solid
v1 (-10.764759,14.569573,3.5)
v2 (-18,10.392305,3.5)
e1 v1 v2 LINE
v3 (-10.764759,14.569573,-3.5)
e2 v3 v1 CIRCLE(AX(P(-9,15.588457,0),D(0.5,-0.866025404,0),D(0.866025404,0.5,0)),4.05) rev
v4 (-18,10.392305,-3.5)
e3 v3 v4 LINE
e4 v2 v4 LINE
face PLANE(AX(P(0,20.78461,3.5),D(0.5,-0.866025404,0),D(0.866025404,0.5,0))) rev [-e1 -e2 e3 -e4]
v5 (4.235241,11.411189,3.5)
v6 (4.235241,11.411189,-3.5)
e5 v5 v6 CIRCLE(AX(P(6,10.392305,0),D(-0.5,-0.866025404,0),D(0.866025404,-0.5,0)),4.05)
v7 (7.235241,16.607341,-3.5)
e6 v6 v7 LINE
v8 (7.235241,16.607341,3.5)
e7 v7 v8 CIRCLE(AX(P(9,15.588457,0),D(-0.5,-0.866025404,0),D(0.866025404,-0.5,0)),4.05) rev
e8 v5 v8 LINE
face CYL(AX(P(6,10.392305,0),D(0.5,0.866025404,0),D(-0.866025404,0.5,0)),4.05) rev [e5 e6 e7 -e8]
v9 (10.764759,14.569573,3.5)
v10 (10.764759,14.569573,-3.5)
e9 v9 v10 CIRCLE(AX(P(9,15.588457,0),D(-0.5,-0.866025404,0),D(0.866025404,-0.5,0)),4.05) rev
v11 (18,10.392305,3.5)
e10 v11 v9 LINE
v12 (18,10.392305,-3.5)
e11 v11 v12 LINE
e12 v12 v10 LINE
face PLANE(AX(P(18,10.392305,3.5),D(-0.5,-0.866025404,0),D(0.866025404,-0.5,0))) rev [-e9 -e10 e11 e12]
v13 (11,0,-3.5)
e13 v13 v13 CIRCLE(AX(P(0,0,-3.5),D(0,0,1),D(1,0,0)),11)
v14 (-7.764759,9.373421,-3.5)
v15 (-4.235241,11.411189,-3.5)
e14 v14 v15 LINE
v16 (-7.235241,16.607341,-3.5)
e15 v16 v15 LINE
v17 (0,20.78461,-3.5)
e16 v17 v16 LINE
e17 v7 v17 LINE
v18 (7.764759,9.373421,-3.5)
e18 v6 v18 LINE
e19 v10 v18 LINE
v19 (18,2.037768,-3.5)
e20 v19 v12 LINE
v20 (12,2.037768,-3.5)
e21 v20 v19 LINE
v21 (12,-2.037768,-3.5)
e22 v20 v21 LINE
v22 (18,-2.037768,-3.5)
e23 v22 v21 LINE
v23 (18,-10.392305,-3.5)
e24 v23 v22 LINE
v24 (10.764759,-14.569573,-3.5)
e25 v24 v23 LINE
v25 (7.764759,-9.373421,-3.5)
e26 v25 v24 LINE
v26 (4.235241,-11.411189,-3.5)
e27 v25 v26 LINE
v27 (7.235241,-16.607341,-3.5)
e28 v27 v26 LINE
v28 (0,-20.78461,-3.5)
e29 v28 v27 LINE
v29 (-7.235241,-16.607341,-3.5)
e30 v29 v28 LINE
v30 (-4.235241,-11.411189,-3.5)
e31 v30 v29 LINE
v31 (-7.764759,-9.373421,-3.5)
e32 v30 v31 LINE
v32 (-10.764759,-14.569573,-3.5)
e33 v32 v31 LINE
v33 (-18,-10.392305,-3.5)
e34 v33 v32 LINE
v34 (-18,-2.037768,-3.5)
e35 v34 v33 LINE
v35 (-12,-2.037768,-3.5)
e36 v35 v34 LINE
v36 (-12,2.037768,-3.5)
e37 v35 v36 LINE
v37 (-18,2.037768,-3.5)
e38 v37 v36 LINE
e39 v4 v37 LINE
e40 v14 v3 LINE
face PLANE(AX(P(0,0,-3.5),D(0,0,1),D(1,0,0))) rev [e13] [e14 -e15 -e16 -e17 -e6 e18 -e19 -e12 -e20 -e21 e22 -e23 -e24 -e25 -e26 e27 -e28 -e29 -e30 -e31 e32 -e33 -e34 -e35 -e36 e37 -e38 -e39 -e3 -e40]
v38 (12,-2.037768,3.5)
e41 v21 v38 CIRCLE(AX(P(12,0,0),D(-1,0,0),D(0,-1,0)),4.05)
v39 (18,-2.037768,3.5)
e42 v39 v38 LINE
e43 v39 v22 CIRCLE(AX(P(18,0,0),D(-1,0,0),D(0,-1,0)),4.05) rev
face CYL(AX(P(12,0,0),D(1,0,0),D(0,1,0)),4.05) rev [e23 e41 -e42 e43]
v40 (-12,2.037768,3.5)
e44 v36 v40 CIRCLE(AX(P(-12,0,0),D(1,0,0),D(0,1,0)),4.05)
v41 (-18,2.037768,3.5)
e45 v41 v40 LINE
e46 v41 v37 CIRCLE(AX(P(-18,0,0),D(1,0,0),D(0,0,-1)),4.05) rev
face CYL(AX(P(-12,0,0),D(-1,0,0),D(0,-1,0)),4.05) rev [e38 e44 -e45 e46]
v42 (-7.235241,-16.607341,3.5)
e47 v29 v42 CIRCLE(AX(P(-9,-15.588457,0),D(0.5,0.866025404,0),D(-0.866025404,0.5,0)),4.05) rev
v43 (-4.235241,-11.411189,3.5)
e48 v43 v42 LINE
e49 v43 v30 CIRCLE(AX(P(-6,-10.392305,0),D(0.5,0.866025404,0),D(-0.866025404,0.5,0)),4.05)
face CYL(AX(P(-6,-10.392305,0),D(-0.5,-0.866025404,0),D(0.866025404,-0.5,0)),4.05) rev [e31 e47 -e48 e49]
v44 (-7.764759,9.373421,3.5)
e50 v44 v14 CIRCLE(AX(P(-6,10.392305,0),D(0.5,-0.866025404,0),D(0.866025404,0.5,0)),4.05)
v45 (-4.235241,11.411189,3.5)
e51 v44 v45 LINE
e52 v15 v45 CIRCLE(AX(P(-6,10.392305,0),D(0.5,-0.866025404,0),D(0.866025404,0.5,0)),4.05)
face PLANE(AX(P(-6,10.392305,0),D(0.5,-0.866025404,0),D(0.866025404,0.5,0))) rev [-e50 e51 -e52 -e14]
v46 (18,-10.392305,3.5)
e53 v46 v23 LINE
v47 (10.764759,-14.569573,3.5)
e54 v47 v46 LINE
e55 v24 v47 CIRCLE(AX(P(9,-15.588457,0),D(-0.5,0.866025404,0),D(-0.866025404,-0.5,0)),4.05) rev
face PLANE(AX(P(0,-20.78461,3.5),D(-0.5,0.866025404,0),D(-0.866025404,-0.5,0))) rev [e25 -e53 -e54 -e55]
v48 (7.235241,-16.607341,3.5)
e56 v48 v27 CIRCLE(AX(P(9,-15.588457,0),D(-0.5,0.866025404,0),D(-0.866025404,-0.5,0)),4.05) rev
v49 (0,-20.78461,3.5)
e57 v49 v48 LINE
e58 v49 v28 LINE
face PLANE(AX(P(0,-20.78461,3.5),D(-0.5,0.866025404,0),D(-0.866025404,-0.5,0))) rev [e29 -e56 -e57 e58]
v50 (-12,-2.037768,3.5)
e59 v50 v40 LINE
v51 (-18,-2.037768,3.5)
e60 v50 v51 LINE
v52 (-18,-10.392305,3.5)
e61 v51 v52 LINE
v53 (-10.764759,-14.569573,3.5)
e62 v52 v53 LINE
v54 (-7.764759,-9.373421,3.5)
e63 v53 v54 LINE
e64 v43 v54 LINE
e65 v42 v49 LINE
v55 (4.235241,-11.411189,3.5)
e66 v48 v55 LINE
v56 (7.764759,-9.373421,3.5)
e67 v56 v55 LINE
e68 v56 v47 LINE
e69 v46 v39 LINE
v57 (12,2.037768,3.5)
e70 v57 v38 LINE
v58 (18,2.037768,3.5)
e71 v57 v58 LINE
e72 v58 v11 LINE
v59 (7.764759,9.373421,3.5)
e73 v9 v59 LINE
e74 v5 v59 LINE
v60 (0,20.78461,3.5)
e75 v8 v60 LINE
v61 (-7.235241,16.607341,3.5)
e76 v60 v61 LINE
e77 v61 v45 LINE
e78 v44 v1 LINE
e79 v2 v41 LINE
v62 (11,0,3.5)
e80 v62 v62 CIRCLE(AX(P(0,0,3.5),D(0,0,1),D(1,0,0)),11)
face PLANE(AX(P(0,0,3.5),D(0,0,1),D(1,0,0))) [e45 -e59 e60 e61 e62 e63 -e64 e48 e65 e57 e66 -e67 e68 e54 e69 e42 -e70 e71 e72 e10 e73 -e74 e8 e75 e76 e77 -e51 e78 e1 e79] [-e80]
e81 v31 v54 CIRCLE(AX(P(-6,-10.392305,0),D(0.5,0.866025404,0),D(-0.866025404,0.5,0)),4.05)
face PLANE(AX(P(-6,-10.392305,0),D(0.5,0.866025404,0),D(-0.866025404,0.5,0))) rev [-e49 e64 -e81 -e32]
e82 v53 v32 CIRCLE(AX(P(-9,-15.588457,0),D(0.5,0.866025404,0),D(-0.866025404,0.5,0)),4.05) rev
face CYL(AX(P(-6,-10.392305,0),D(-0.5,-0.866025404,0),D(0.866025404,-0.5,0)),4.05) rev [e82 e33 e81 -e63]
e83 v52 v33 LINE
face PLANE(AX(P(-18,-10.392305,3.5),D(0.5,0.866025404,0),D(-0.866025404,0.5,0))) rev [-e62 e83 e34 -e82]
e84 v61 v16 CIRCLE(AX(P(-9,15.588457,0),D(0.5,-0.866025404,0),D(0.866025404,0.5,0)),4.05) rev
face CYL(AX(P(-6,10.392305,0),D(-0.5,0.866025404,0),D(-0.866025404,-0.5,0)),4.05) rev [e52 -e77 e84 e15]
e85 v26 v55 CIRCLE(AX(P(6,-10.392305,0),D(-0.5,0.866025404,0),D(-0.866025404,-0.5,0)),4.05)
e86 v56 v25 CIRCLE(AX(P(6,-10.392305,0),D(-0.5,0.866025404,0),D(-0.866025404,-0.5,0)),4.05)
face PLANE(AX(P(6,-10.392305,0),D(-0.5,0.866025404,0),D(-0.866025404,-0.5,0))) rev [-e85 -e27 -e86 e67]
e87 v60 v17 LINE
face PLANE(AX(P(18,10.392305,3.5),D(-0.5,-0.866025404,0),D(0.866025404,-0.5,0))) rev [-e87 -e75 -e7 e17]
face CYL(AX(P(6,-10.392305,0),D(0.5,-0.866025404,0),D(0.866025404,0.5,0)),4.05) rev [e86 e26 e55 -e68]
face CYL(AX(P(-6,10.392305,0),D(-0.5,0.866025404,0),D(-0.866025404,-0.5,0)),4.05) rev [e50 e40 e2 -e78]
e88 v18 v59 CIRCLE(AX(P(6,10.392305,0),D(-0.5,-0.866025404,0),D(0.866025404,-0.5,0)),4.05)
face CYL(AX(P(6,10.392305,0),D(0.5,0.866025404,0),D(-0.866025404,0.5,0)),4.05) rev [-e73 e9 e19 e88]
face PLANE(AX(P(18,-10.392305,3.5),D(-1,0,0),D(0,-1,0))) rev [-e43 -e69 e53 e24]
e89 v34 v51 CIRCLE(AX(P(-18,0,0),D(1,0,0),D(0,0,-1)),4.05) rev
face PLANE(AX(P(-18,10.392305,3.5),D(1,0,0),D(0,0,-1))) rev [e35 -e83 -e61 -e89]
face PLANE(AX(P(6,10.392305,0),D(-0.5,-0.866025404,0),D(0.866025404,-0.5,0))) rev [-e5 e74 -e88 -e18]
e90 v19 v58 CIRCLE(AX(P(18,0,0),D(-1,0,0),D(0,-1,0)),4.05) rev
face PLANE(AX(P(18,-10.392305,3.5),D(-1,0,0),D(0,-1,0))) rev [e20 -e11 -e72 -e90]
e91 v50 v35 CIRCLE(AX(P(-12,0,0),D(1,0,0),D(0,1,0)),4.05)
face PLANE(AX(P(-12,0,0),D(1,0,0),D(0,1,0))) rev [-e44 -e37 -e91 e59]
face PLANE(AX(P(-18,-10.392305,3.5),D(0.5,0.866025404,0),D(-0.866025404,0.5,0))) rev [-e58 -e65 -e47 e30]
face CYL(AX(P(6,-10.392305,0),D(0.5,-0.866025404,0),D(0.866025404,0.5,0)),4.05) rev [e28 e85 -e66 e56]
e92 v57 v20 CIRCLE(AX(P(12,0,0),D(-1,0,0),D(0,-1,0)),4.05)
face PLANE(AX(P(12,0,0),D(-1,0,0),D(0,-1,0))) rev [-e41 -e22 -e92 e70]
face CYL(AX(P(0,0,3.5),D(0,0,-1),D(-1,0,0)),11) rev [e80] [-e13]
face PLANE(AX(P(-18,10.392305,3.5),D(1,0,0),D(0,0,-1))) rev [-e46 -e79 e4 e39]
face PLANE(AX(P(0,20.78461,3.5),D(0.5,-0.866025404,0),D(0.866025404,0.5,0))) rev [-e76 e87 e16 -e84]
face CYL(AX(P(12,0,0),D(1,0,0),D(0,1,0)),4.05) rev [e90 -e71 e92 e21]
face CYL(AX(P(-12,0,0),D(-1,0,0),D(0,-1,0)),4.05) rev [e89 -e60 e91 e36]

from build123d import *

# Parameters (mm, degrees)
SKETCH1_R           = 11
BOSS_EXTRUDE1_DEPTH = 3.5
SKETCH2_R           = 4.05
CUT_EXTRUDE3_DEPTH  = 6
CIRPATTERN1_COUNT   = 6


with BuildPart() as part:
    # Sketch1 → Boss-Extrude1 (new, symmetric)
    with BuildSketch(Plane.XY):
        Polygon((18, -10.392304845), (18, 10.392304845), (0, 20.784609691), (-18, 10.392304845), (-18, -10.392304845), (0, -20.784609691), align=None)
        Circle(SKETCH1_R, mode=Mode.SUBTRACT)
    extrude(amount=BOSS_EXTRUDE1_DEPTH, both=True)

    # Sketch2 → Cut-Extrude3 (cut)
    with BuildSketch(Plane(origin=(-12.610372246, -13.50400788, 0), x_dir=(0.8660254037844387, -0.49999999999999983, 0), z_dir=(0.49999999999999983, 0.8660254037844387, 0))):
        with Locations((4.168898776, 0)):
            Circle(SKETCH2_R)
    cut_extrude3 = extrude(amount=CUT_EXTRUDE3_DEPTH, mode=Mode.SUBTRACT)

    # CirPattern1: Cut-Extrude3 ×6 about axis
    cirpattern1_axis = Axis((0, 0, -3.5), (0, 0, 1))
    for i in range(1, CIRPATTERN1_COUNT):
        add(cut_extrude3.rotate(cirpattern1_axis, i * 360 / CIRPATTERN1_COUNT), mode=Mode.SUBTRACT)


solid = part.part
